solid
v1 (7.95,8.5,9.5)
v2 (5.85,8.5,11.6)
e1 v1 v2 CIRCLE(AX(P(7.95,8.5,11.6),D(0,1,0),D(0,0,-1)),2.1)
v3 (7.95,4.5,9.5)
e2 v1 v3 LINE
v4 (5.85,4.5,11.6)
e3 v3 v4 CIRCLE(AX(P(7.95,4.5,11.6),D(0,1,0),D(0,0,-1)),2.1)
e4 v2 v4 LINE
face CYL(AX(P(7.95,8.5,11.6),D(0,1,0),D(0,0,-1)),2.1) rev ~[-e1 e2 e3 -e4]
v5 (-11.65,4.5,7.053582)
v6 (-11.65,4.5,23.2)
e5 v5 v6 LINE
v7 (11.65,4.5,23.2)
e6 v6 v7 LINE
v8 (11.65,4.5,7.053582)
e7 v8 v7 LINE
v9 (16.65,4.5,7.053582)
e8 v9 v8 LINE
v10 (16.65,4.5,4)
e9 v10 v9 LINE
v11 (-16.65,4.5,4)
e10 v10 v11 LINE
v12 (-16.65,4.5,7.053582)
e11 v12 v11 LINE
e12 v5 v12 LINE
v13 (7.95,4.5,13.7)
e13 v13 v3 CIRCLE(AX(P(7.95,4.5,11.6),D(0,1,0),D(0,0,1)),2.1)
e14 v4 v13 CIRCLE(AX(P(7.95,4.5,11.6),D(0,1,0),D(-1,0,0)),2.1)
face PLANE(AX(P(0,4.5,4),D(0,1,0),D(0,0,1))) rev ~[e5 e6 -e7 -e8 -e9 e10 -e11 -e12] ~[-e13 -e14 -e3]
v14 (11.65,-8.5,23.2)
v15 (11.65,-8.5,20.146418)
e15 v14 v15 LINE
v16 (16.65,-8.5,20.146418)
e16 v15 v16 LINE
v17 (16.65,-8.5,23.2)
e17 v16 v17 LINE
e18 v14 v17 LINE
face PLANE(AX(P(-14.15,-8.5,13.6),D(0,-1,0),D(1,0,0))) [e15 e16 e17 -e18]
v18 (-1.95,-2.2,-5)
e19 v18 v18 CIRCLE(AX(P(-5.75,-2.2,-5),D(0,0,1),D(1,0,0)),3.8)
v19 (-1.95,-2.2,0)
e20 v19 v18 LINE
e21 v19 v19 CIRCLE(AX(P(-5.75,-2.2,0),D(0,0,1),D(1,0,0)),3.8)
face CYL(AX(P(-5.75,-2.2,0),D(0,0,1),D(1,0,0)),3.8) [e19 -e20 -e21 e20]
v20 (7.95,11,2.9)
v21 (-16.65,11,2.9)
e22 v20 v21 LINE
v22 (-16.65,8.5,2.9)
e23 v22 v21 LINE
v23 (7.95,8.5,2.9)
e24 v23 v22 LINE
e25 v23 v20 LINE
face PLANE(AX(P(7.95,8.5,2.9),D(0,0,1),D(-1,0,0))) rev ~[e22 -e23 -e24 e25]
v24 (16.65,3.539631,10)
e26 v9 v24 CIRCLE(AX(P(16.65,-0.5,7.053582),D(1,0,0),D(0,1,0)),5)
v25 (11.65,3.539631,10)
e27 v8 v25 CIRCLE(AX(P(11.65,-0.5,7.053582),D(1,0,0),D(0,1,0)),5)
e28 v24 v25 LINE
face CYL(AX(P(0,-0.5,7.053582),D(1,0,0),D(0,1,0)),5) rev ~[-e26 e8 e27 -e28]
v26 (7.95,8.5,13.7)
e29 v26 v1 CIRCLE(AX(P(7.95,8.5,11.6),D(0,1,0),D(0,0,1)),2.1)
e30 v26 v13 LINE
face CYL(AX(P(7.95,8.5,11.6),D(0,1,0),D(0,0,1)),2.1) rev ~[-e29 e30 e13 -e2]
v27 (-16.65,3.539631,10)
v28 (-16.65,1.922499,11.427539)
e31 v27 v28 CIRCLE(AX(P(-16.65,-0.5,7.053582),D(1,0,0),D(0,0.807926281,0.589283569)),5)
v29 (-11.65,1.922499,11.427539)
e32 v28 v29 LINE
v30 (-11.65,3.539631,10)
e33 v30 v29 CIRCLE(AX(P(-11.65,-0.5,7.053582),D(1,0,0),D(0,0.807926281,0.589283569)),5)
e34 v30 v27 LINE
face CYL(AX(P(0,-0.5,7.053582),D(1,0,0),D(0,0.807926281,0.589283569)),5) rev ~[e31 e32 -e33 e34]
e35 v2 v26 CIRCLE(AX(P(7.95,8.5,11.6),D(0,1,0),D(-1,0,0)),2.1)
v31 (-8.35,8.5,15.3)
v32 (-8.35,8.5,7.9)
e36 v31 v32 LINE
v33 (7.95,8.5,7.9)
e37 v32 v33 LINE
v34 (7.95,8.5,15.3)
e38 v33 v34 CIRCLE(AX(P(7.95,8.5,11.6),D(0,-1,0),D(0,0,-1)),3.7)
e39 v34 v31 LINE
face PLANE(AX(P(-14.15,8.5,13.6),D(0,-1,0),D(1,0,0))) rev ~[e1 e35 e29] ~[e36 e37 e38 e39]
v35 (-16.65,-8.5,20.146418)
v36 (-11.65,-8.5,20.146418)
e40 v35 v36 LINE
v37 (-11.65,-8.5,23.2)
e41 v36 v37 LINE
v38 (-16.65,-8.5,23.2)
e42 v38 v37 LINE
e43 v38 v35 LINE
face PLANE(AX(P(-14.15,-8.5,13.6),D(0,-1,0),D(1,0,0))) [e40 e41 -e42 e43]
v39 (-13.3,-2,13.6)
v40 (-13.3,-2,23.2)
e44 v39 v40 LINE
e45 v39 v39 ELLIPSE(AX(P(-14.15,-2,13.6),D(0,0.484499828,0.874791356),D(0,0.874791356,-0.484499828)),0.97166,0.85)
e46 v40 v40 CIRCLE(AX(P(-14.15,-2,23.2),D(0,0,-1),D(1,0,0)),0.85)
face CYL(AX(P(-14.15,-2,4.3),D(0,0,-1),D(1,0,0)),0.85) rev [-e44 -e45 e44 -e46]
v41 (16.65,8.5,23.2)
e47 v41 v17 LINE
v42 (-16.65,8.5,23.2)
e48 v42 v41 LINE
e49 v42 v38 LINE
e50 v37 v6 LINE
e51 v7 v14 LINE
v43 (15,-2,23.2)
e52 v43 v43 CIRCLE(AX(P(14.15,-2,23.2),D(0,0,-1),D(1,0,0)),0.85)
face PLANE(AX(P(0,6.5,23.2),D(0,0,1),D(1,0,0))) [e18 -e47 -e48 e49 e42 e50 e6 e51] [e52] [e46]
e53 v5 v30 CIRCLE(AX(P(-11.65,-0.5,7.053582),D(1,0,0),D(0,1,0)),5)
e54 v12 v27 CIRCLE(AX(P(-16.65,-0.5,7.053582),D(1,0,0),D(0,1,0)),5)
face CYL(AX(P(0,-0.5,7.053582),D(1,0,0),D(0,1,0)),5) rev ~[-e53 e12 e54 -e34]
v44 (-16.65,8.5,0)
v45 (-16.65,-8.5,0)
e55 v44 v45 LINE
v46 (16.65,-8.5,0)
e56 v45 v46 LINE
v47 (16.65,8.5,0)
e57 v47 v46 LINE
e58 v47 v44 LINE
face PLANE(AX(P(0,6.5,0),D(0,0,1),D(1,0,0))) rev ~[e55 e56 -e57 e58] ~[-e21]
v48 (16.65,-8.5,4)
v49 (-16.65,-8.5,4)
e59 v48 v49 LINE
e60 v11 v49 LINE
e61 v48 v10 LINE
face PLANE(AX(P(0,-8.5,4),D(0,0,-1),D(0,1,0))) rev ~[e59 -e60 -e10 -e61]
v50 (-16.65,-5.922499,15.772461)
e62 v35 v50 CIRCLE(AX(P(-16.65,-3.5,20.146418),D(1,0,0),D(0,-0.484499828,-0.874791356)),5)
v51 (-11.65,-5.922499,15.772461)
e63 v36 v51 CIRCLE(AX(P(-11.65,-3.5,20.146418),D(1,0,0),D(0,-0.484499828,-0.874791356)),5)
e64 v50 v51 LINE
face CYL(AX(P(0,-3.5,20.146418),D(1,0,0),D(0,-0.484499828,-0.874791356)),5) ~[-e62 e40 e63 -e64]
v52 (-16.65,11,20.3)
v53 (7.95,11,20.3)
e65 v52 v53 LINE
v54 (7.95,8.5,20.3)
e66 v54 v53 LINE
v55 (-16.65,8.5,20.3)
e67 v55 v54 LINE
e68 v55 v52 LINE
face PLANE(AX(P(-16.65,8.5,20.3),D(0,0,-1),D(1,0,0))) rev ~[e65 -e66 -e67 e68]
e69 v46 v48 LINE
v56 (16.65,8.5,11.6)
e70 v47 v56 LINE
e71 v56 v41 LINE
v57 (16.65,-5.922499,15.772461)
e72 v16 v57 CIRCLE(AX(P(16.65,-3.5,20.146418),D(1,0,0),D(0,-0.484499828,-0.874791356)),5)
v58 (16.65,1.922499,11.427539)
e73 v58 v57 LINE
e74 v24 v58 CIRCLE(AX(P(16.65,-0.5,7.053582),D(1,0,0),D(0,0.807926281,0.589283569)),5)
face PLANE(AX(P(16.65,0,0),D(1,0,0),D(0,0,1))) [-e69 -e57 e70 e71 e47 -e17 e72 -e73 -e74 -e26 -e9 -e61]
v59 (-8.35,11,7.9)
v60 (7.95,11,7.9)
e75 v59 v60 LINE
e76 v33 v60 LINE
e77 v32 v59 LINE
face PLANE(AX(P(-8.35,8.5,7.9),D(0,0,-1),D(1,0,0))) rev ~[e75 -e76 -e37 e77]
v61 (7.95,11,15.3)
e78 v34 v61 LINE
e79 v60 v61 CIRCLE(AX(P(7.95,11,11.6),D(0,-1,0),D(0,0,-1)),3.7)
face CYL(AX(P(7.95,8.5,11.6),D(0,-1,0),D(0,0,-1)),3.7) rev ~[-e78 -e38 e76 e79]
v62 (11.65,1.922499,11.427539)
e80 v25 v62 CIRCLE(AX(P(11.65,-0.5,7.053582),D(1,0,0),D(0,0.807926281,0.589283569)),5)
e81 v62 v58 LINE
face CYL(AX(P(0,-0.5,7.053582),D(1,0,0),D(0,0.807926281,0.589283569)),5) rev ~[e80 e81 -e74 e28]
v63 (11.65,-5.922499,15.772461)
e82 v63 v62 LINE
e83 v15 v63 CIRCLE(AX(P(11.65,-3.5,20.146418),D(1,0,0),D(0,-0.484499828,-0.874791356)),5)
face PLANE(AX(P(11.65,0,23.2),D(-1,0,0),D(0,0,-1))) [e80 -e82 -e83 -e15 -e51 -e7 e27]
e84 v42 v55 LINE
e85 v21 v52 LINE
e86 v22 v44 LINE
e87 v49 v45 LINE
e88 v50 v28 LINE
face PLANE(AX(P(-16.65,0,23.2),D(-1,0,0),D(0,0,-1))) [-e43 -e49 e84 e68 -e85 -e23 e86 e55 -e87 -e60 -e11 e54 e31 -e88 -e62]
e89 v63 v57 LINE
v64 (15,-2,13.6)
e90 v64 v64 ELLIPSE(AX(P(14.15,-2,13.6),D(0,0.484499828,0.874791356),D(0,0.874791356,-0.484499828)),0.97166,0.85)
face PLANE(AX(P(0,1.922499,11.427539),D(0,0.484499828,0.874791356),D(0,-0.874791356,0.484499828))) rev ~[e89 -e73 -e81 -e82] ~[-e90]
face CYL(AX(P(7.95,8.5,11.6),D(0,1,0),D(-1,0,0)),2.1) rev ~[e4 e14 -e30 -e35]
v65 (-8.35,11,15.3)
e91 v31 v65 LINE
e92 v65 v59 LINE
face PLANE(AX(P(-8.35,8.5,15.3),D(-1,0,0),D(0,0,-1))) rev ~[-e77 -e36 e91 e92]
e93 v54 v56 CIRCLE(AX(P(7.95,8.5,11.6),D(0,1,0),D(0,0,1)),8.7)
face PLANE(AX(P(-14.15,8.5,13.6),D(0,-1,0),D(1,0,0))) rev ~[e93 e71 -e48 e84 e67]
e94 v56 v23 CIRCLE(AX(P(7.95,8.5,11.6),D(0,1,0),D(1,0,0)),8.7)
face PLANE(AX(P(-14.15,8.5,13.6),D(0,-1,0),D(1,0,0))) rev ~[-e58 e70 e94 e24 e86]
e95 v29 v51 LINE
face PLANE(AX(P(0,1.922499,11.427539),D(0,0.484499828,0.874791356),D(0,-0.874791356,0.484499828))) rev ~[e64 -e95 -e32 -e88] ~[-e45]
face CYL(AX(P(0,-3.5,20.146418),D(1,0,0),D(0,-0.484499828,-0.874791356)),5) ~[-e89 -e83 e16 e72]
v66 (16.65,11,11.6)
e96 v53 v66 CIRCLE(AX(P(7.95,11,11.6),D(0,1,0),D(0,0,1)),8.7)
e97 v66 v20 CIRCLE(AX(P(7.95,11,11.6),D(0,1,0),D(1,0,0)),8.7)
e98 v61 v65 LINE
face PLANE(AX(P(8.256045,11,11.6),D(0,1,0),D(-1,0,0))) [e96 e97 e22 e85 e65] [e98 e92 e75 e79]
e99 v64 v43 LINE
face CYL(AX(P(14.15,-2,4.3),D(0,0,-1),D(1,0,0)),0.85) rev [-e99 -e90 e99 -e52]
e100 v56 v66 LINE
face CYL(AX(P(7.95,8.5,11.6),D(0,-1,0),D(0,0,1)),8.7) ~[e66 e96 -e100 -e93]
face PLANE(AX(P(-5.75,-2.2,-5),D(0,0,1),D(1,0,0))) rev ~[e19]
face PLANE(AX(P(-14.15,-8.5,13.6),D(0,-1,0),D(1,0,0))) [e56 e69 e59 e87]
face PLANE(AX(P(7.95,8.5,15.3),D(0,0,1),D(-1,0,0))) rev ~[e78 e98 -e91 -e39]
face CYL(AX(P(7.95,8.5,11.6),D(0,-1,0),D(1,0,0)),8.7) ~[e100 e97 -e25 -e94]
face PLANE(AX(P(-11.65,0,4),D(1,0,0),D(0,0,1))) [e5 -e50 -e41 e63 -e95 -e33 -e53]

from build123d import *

# Parameters (mm, degrees)
F1_W      = 5
F1_H      = 7.2
F1_H_2    = 6
F1_H_3    = 4
F1_W_2    = 23.3
F3_DEPTH  = 8.5
F0_W      = 23.3
F0_H      = 4
F4_DEPTH  = 23.2
F5_DEPTH  = 18.1
F6_START  = 4.3
F0_R      = 0.85
F6_DEPTH  = 20.7
F0_R_2    = 3.8
F7_DEPTH  = 5
F9_DEPTH  = 2.5
F10_DEPTH = 27.6


with BuildPart() as f3:
    # F1 (on Front) → F3 (new body, symmetric)
    with BuildSketch(Plane.XZ):
        with Locations((-14.15, 13.6)):
            Rectangle(F1_W, F1_H)
        with Locations((-14.15, 20.2)):
            Rectangle(F1_W, F1_H_2)
        with Locations((-14.15, 7)):
            Rectangle(F1_W, F1_H_2)
        with Locations((-14.15, 2)):
            Rectangle(F1_W, F1_H_3)
        with Locations((0, 2)):
            Rectangle(F1_W_2, F1_H_3)
        with Locations((14.15, 2)):
            Rectangle(F1_W, F1_H_3)
        with Locations((14.15, 7)):
            Rectangle(F1_W, F1_H_2)
        with Locations((14.15, 13.6)):
            Rectangle(F1_W, F1_H)
        with Locations((14.15, 20.2)):
            Rectangle(F1_W, F1_H_2)
    extrude(amount=F3_DEPTH, both=True)

    # F0 (on Top) → F4 (join)
    with BuildSketch(Plane.XY):
        with Locations((0, 6.5)):
            Rectangle(F0_W, F0_H)
    extrude(amount=F4_DEPTH)

    # F2 (on Right) → F5 (cut, symmetric)
    with BuildSketch(Plane.YZ):
        with BuildLine():
            Line((-8.5, 17.2), (-8.5, 10))
            Line((-8.5, 10), (3.5396314061, 10))
            ThreePointArc((3.5396314061, 10), (2.8089650426, 10.8020152096), (1.9224991399, 11.4275389379))
            Line((1.9224991399, 11.4275389379), (-5.9224991399, 15.7724610621))
            ThreePointArc((-5.9224991399, 15.7724610621), (-6.8089650426, 16.3979847904), (-7.5396314061, 17.2))
            Line((-7.5396314061, 17.2), (-8.5, 17.2))
        make_face()
        with BuildLine():
            Line((-8.5, 20.1464178425), (-8.5, 17.2))
            Line((-8.5, 17.2), (-7.5396314061, 17.2))
            ThreePointArc((-7.5396314061, 17.2), (-8.2538488107, 18.5969271247), (-8.5, 20.1464178425))
        make_face()
        with BuildLine():
            Line((-8.5, 10), (-8.5, 4))
            Line((-8.5, 4), (4.5, 4))
            Line((4.5, 4), (4.5, 7.0535821575))
            ThreePointArc((4.5, 7.0535821575), (4.2538488107, 8.6030728753), (3.5396314061, 10))
            Line((3.5396314061, 10), (-8.5, 10))
        make_face()
    extrude(amount=F5_DEPTH, both=True, mode=Mode.SUBTRACT)

    # F0 (on Top) → F6 (cut)
    with BuildSketch(Plane.XY.offset(F6_START)):
        with Locations((14.15, -2)):
            Circle(F0_R)
        with Locations((-14.15, -2)):
            Circle(F0_R)
    extrude(amount=F6_DEPTH, mode=Mode.SUBTRACT)

    # F0 (on Top) → F7 (join)
    with BuildSketch(Plane.XY):
        with Locations((-5.75, -2.2)):
            Circle(F0_R_2)
    extrude(amount=-F7_DEPTH)

    # F8 (on face) → F9 (join)
    with BuildSketch(Plane(origin=(0, 8.5, 0), x_dir=(-1, 0, 0), z_dir=(0, 1, 0))):
        with BuildLine():
            ThreePointArc((-7.95, 20.3), (-14.1018289963, 17.7518289963), (-16.65, 11.6))
            ThreePointArc((-16.65, 11.6), (-14.1018289963, 5.4481710037), (-7.95, 2.9))
            ThreePointArc((-7.95, 2.9), (-3.2863104735, 4.2556143892), (-0.075992126, 7.9))
            Line((-0.075992126, 7.9), (-7.95, 7.9))
            ThreePointArc((-7.95, 7.9), (-11.65, 11.6), (-7.95, 15.3))
            Line((-7.95, 15.3), (-0.075992126, 15.3))
            ThreePointArc((-0.075992126, 15.3), (-3.2863104735, 18.9443856108), (-7.95, 20.3))
        make_face()
        with BuildLine():
            Line((-7.95, 2.9), (16.65, 2.9))
            Line((16.65, 2.9), (16.65, 20.3))
            Line((16.65, 20.3), (-7.95, 20.3))
            ThreePointArc((-7.95, 20.3), (-3.2863104735, 18.9443856108), (-0.075992126, 15.3))
            Line((-0.075992126, 15.3), (8.35, 15.3))
            Line((8.35, 15.3), (8.35, 7.9))
            Line((8.35, 7.9), (-0.075992126, 7.9))
            ThreePointArc((-0.075992126, 7.9), (-3.2863104735, 4.2556143892), (-7.95, 2.9))
        make_face()
    extrude(amount=F9_DEPTH)

    # F8 (on face) → F10 (cut)
    with BuildSketch(Plane(origin=(0, 8.5, 0), x_dir=(-1, 0, 0), z_dir=(0, 1, 0))):
        with BuildLine():
            ThreePointArc((-5.85, 11.6), (-6.4650757595, 13.0849242405), (-7.95, 13.7))
            Line((-7.95, 13.7), (-7.95, 9.5))
            ThreePointArc((-7.95, 9.5), (-6.4650757595, 10.1150757595), (-5.85, 11.6))
        make_face()
        with BuildLine():
            Line((-7.95, 9.5), (-7.95, 13.7))
            ThreePointArc((-7.95, 13.7), (-10.05, 11.6), (-7.95, 9.5))
        make_face()
    extrude(amount=-F10_DEPTH, mode=Mode.SUBTRACT)


solid = f3.part
